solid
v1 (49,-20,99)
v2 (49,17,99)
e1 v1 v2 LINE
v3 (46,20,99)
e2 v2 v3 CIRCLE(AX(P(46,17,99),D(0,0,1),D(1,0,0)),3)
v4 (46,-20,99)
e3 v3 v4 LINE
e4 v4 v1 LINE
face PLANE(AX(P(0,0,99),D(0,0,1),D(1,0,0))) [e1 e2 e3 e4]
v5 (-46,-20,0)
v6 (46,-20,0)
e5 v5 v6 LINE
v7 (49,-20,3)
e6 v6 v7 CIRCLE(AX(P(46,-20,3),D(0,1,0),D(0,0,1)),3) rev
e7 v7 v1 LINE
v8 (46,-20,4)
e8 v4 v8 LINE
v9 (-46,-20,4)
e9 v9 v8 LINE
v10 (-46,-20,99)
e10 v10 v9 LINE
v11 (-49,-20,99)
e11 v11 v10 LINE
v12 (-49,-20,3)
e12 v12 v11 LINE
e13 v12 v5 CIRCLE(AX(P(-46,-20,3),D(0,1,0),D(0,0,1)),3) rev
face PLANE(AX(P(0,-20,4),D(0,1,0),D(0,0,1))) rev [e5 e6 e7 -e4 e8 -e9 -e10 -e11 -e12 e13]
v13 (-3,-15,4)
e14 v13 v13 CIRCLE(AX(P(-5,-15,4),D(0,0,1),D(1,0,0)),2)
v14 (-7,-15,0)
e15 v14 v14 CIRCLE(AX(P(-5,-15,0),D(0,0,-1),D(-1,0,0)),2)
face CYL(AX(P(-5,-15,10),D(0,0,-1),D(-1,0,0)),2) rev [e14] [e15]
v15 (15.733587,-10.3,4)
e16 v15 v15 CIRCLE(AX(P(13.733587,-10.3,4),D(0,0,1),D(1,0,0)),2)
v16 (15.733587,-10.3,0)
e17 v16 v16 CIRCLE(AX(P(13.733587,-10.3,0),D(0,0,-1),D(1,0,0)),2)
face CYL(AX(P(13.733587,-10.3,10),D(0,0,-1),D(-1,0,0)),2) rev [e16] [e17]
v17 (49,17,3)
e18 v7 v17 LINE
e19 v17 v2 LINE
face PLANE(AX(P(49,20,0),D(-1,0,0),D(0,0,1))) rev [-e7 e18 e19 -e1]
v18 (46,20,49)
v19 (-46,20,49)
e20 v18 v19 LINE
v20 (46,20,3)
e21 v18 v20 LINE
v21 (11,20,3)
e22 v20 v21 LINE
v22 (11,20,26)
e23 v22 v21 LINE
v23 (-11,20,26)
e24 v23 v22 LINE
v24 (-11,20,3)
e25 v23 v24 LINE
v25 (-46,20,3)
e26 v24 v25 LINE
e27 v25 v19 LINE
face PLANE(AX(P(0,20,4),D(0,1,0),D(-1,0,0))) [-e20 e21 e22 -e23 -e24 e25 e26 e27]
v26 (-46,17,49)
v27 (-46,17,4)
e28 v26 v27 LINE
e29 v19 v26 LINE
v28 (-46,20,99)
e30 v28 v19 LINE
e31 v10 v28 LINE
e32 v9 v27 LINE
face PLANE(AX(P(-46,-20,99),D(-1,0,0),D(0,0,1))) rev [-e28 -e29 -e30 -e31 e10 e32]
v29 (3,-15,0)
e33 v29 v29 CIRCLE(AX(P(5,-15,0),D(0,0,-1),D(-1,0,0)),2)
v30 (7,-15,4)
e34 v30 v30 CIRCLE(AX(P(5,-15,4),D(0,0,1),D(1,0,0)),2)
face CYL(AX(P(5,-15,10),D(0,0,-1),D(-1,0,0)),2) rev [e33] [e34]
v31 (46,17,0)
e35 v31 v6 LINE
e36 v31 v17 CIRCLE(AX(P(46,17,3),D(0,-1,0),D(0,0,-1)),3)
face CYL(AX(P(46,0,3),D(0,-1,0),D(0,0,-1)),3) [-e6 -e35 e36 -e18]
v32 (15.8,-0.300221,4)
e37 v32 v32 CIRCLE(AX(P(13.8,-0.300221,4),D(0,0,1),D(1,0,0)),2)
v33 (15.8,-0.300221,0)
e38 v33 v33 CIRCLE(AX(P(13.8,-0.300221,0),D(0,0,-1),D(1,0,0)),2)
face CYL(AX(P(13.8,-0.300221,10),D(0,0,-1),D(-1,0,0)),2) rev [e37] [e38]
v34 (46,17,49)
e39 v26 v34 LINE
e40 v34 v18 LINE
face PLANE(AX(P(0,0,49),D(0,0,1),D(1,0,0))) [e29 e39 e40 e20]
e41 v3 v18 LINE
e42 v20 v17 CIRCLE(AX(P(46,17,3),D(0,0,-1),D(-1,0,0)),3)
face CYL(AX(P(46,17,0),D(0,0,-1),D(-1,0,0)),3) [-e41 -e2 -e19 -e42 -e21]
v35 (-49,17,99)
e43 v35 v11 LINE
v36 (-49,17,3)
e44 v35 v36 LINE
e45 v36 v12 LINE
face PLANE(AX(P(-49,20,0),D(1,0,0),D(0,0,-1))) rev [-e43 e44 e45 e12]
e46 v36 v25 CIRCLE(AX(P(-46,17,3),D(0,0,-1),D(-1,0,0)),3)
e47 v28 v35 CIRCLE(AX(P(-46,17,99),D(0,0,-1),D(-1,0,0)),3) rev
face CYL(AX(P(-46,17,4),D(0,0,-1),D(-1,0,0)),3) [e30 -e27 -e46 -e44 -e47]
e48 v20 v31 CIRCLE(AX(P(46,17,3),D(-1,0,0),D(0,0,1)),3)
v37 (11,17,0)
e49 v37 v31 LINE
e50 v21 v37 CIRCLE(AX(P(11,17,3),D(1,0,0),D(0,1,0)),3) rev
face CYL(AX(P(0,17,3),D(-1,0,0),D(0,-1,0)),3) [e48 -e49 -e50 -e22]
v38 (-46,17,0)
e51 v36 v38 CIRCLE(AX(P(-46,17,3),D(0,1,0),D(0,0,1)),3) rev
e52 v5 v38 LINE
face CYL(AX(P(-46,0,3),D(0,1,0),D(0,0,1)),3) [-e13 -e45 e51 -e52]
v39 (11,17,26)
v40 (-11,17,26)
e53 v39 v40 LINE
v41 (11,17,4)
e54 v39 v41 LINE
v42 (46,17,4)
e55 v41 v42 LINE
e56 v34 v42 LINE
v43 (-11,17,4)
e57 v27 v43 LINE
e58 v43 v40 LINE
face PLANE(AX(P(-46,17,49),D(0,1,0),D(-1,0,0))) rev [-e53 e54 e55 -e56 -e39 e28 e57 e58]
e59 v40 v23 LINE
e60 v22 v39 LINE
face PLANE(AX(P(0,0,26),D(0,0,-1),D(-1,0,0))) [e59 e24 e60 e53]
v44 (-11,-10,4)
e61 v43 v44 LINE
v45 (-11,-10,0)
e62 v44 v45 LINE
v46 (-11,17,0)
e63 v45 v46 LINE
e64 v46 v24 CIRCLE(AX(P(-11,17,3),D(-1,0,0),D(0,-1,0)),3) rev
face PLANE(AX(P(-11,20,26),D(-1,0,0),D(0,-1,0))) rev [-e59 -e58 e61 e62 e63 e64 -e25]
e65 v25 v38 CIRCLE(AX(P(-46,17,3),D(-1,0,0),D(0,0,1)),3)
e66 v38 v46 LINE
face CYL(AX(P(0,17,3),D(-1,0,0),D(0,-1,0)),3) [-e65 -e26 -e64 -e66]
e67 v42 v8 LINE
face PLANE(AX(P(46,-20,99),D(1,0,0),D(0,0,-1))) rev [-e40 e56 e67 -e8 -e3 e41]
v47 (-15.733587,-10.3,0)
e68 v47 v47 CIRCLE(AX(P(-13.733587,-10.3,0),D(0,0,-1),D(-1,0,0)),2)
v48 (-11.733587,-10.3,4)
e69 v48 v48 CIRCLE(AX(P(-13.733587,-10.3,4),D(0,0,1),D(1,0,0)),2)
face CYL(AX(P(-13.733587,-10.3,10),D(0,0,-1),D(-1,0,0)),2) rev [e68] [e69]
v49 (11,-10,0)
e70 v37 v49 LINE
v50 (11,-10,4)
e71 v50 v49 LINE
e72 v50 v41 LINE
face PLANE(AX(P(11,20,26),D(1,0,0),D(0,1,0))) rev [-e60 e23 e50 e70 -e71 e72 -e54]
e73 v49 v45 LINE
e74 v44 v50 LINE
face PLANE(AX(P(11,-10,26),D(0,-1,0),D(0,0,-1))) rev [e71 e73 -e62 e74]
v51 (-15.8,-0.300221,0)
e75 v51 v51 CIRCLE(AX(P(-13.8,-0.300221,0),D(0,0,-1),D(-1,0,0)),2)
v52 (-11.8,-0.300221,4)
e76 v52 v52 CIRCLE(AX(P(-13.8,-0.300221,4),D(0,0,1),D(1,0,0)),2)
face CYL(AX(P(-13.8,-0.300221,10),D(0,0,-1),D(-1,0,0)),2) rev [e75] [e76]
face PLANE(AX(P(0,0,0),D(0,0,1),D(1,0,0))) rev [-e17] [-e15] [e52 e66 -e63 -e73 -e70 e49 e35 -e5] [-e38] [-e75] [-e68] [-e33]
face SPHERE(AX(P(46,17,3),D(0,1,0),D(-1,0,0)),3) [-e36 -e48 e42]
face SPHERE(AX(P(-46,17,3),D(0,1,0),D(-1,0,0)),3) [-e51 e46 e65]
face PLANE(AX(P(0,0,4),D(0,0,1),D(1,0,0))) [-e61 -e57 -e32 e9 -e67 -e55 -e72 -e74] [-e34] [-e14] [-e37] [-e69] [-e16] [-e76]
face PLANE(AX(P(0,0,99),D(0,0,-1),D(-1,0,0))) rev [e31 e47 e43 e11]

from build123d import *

# Parameters (mm, degrees)
CROQUIS2_W                = 92
CROQUIS2_H                = 40
SALIENTE_EXTRUIR2_DEPTH   = 4
CROQUIS3_W                = 3
CROQUIS3_H                = 40
SALIENTE_EXTRUIR3_DEPTH   = 95
SALIENTE_EXTRUIR3_2_DEPTH = 95
CROQUIS4_W                = 3
CROQUIS4_H                = 40
SALIENTE_EXTRUIR4_DEPTH   = 4
REDONDEO1_R               = 3
CROQUIS5_W                = 92
CROQUIS5_H                = 3
SALIENTE_EXTRUIR5_DEPTH   = 45
REDONDEO2_R               = 3
CROQUIS6_W                = 22
CROQUIS6_H                = 30
CORTAR_EXTRUIR1_DEPTH     = 26
CROQUIS7_R                = 2
CORTAR_EXTRUIR2_DEPTH     = 10


with BuildPart() as part:
    # Croquis2 → Saliente-Extruir2 (new body)
    with BuildSketch(Plane.XY):
        Rectangle(CROQUIS2_W, CROQUIS2_H)
    extrude(amount=SALIENTE_EXTRUIR2_DEPTH)



with BuildPart() as body_2:
    # Croquis3 → Saliente-Extruir3 (new body)
    with BuildSketch(Plane.XY.offset(4)):
        with Locations((-47.5, 0)):
            Rectangle(CROQUIS3_W, CROQUIS3_H)
    extrude(amount=SALIENTE_EXTRUIR3_DEPTH)


with BuildPart() as body_3:
    # Croquis3 → Saliente-Extruir3 2 (new body)
    with BuildSketch(Plane.XY.offset(4)):
        with Locations((47.5, 0)):
            Rectangle(CROQUIS3_W, CROQUIS3_H)
    extrude(amount=SALIENTE_EXTRUIR3_2_DEPTH)


with BuildPart() as part_1:
    add(part.part)

    add(body_2.part)  # Saliente-Extruir4 merges body 2

    add(body_3.part)  # Saliente-Extruir4 merges body 3
    # Croquis4 → Saliente-Extruir4 (add)
    with BuildSketch(Plane(origin=(0, 0, 4), x_dir=(-1, 0, 0), z_dir=(0, 0, -1))):
        with Locations((-47.5, 0)):
            Rectangle(CROQUIS4_W, CROQUIS4_H)
        with Locations((47.5, 0)):
            Rectangle(CROQUIS4_W, CROQUIS4_H)
    extrude(amount=SALIENTE_EXTRUIR4_DEPTH)

    # Redondeo1
    redondeo1_edges = [part_1.edges().sort_by_distance(p)[0] for p in [
        (49, 0, 0),
        (-49, 0, 0),
    ]]
    fillet(redondeo1_edges, radius=REDONDEO1_R)

    # Croquis5 → Saliente-Extruir5 (add)
    with BuildSketch(Plane.XY.offset(4)):
        with Locations((0, 18.5)):
            Rectangle(CROQUIS5_W, CROQUIS5_H)
    extrude(amount=SALIENTE_EXTRUIR5_DEPTH)

    # Redondeo2
    redondeo2_edges = [part_1.edges().sort_by_distance(p)[0] for p in [
        (-48.121320344, 20, 0.878679656),
        (0, 20, 0),
        (48.121320344, 20, 0.878679656),
        (-49, 20, 51),
        (49, 20, 51),
    ]]
    fillet(redondeo2_edges, radius=REDONDEO2_R)

    # Croquis6 → Cortar-Extruir1 (cut)
    with BuildSketch(Plane(origin=(0, 0, 0), x_dir=(-1, 0, 0), z_dir=(0, 0, -1))):
        with Locations((0, 5)):
            Rectangle(CROQUIS6_W, CROQUIS6_H)
    extrude(amount=-CORTAR_EXTRUIR1_DEPTH, mode=Mode.SUBTRACT)

    # Croquis7 → Cortar-Extruir2 (cut)
    with BuildSketch(Plane(origin=(0, 0, 0), x_dir=(-1, 0, 0), z_dir=(0, 0, -1))):
        with Locations((5, -15)):
            Circle(CROQUIS7_R)
        with Locations((-5, -15)):
            Circle(CROQUIS7_R)
        with Locations((13.733587387, -10.3)):
            Circle(CROQUIS7_R)
        with Locations((-13.733587387, -10.3)):
            Circle(CROQUIS7_R)
        with Locations((13.8, -0.300220534)):
            Circle(CROQUIS7_R)
        with Locations((-13.8, -0.300220534)):
            Circle(CROQUIS7_R)
    extrude(amount=-CORTAR_EXTRUIR2_DEPTH, mode=Mode.SUBTRACT)


solid = part_1.part
